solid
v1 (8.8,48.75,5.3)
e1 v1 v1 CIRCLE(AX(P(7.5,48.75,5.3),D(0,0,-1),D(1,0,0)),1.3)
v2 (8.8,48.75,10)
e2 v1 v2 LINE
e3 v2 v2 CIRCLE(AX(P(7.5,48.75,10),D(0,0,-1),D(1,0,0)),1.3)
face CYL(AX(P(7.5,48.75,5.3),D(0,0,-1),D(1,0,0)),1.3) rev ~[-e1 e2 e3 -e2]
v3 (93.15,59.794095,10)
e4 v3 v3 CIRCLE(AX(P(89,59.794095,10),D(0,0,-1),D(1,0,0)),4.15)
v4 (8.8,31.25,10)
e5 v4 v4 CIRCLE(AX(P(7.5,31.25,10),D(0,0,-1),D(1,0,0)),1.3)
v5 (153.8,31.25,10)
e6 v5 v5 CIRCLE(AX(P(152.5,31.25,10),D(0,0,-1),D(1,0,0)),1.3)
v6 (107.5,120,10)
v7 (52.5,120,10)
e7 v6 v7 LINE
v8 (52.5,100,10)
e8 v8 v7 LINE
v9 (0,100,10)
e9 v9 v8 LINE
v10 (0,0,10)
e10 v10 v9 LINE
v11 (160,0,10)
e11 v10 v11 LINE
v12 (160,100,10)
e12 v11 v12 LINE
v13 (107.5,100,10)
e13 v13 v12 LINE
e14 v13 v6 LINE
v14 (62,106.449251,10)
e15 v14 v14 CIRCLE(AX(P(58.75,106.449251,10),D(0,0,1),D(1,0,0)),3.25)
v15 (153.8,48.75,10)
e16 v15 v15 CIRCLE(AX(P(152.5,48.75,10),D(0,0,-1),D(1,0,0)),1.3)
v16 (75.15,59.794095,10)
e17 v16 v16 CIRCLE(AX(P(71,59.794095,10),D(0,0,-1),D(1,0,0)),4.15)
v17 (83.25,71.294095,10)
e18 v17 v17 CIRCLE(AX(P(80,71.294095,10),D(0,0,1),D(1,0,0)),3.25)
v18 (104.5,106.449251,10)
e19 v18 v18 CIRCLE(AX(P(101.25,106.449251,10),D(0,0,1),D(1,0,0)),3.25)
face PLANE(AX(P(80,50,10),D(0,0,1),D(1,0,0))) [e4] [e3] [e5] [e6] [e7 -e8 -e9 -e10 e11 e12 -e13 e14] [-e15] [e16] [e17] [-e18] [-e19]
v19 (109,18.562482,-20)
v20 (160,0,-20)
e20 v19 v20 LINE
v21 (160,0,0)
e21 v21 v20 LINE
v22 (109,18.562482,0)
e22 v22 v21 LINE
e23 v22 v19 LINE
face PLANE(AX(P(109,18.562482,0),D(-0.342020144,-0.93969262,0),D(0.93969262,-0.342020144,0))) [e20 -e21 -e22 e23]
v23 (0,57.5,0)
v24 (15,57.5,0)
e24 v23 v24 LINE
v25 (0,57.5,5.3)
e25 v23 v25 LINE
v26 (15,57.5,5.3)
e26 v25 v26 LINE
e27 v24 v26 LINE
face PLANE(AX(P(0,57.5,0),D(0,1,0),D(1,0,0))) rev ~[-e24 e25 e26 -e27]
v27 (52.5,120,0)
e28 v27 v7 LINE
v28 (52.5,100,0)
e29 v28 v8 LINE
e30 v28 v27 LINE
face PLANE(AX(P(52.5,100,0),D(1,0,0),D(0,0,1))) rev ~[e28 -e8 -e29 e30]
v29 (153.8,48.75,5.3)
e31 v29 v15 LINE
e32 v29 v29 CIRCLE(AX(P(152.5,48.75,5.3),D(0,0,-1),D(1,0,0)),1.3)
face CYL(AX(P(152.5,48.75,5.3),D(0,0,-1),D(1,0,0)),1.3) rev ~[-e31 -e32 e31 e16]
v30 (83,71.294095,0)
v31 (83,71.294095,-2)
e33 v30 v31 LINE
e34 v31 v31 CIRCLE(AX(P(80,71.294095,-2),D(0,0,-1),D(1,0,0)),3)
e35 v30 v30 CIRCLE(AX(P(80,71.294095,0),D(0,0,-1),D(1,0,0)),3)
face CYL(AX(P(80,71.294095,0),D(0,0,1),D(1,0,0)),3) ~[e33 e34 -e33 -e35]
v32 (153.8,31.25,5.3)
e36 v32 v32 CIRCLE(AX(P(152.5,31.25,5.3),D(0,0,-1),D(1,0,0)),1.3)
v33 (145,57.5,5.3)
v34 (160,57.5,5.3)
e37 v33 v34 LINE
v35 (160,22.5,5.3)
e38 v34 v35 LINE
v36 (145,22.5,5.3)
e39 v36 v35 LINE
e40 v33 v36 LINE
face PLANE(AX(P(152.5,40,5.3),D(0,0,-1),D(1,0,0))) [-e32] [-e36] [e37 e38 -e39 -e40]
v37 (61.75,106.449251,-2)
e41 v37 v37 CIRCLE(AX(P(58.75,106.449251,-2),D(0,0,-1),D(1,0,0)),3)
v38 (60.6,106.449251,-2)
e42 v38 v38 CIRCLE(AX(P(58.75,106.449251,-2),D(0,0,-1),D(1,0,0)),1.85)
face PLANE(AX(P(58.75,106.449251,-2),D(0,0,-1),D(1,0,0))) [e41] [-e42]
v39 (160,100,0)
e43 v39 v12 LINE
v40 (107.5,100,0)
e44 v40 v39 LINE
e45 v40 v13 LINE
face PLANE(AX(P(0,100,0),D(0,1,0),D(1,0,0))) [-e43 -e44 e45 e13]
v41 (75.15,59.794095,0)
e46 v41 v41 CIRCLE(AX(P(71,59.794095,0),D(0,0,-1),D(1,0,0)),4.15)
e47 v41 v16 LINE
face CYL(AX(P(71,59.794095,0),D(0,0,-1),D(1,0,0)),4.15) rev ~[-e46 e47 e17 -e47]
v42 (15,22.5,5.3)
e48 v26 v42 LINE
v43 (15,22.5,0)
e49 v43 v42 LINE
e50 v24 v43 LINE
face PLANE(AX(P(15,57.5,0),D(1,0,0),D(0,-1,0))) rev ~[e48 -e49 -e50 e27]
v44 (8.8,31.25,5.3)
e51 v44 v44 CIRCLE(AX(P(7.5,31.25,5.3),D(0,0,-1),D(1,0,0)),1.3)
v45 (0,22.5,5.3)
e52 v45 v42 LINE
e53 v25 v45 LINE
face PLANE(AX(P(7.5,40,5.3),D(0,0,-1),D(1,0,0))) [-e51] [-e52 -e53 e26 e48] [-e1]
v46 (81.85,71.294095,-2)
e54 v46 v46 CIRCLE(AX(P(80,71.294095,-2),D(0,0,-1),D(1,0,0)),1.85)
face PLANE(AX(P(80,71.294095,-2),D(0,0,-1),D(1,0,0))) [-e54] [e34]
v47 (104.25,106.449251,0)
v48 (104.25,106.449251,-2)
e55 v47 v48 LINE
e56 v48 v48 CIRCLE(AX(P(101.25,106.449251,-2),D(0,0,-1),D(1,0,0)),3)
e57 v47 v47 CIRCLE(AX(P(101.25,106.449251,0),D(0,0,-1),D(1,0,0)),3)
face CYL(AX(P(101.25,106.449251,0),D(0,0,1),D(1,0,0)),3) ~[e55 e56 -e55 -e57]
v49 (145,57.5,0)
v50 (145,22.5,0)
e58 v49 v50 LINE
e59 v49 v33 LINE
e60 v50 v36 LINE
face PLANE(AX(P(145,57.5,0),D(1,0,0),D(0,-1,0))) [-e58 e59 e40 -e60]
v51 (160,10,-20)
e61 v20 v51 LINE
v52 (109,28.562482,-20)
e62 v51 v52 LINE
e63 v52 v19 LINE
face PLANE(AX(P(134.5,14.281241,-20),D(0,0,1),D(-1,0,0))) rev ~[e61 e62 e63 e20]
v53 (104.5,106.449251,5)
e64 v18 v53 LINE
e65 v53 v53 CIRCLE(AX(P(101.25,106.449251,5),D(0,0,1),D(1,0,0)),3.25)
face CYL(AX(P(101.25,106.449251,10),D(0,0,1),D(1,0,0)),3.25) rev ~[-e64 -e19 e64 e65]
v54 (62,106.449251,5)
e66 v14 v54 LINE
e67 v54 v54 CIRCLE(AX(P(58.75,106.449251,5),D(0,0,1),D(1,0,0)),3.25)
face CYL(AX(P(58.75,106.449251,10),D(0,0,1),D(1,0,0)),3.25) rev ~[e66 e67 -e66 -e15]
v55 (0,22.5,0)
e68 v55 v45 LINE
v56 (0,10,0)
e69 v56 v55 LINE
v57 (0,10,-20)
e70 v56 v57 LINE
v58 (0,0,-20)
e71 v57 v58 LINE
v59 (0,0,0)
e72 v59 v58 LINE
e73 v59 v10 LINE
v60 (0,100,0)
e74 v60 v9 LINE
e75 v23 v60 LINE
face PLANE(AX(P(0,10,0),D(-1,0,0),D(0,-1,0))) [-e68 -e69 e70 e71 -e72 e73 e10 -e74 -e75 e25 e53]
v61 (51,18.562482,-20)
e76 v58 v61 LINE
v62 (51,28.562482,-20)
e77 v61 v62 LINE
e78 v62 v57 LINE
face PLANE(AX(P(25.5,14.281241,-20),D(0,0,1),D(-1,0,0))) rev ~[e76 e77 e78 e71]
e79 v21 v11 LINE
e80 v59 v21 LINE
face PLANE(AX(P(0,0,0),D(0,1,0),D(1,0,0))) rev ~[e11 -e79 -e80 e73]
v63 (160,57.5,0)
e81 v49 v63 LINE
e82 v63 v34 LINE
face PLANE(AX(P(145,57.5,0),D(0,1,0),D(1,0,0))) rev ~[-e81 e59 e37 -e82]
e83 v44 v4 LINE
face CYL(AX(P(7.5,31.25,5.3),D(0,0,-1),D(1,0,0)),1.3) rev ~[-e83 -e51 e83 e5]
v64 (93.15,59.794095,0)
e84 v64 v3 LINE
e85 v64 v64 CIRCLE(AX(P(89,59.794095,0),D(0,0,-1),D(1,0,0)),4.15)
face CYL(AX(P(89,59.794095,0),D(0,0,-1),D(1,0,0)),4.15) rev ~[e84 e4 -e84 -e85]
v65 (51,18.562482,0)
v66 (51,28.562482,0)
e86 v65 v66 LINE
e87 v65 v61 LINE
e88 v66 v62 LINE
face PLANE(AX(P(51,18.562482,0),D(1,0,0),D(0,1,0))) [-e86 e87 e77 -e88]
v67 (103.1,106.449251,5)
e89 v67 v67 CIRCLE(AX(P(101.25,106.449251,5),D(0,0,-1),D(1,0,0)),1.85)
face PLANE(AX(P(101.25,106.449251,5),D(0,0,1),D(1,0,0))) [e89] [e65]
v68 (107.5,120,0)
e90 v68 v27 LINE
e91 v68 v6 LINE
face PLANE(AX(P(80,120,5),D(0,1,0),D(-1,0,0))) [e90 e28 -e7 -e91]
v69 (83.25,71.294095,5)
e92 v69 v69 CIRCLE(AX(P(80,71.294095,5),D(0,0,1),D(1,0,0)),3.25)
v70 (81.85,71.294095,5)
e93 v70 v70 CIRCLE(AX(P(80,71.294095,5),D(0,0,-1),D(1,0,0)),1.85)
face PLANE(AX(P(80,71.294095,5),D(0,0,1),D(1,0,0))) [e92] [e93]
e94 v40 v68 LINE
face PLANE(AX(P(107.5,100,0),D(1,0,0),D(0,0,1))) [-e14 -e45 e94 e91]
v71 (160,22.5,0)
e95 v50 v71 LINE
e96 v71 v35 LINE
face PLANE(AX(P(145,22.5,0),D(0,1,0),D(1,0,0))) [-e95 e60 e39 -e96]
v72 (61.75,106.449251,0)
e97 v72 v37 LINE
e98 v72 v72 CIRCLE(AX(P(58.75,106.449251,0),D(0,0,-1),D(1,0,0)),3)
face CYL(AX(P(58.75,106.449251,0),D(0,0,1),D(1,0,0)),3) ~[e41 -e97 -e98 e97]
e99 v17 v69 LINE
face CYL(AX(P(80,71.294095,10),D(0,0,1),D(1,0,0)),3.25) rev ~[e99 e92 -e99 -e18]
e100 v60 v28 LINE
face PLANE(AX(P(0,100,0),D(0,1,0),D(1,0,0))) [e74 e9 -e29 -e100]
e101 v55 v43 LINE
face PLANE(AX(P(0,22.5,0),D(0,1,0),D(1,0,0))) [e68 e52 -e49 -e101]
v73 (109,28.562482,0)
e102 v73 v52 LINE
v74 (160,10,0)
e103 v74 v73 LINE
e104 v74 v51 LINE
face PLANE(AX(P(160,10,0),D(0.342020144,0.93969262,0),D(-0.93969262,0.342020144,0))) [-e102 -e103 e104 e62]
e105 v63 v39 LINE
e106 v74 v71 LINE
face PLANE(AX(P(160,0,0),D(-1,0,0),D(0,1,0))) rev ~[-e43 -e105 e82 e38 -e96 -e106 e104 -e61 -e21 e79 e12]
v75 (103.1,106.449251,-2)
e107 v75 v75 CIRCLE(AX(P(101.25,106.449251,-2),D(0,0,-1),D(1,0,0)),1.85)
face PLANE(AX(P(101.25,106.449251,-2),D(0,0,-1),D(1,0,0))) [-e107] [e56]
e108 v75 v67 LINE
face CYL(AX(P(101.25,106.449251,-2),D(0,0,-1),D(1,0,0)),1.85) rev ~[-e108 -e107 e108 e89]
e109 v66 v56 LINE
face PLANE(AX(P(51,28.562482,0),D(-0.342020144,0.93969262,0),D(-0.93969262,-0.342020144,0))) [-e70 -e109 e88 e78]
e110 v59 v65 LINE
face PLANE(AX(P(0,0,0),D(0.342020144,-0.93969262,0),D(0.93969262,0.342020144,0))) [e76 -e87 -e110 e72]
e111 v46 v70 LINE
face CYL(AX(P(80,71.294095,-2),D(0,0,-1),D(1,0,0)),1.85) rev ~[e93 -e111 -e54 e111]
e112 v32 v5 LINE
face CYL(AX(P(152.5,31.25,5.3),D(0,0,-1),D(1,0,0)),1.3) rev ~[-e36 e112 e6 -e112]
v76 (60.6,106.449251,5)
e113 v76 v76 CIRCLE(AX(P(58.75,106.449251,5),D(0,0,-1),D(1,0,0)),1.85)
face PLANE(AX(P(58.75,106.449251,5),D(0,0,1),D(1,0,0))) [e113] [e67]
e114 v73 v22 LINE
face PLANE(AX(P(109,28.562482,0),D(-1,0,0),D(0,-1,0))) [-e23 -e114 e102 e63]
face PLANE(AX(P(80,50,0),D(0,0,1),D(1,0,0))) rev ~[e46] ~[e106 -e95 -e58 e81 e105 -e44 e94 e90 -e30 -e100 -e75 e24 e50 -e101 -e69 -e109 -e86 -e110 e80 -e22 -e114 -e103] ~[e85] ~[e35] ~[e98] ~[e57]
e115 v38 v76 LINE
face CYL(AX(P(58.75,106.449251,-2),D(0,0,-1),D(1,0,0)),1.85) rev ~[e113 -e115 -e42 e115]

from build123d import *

# Parameters (mm, degrees)
SKETCH_W        = 160
SKETCH_H        = 100
PAD_DEPTH       = 10
PAD008_DEPTH    = 20
SKETCH029_R     = 4.15
POCKET017_DEPTH = 10
SKETCH031_W     = 55
SKETCH031_H     = 10
PAD010_DEPTH    = 20
SKETCH032_R     = 3
PAD011_DEPTH    = 2
SKETCH033_R     = 1.85
POCKET018_DEPTH = 12.001
SKETCH034_R     = 3.25
POCKET019_DEPTH = 5
SKETCH035_W     = 15
SKETCH035_H     = 35
POCKET020_DEPTH = 5.3
SKETCH036_R     = 1.3
POCKET021_DEPTH = 4.701


with BuildPart() as part:
    # Sketch → Pad (new body)
    with BuildSketch(Plane.XY):
        with Locations((80, 50)):
            Rectangle(SKETCH_W, SKETCH_H)
    extrude(amount=PAD_DEPTH)

    # Sketch001 (on Face5 of Pad) → Pad008 (join)
    with BuildSketch(Plane(origin=(0, 0, 0), x_dir=(1, 0, 0), z_dir=(0, 0, -1))):
        Polygon((0, -10), (0, 0), (51, -18.562482), (51, -28.562482), align=None)
        Polygon((160, 0), (160, -10), (109, -28.562482), (109, -18.562482), align=None)
    extrude(amount=PAD008_DEPTH)

    # Sketch029 (on Face2 of Pad008) → Pocket017 (cut)
    with BuildSketch(Plane(origin=(0, 0, 0), x_dir=(1, 0, 0), z_dir=(0, 0, -1))):
        with Locations((71, -59.794095)):
            Circle(SKETCH029_R)
        with Locations((89, -59.794095)):
            Circle(SKETCH029_R)
    extrude(amount=-POCKET017_DEPTH, mode=Mode.SUBTRACT)

    # Sketch031 (on Face6 of Pocket017) → Pad010 (join)
    with BuildSketch(Plane(origin=(0, 100, 0), x_dir=(-1, 0, 0), z_dir=(0, 1, 0))):
        with Locations((-80, 5)):
            Rectangle(SKETCH031_W, SKETCH031_H)
    extrude(amount=PAD010_DEPTH)

    # Sketch032 (on Face17 of Pad010) → Pad011 (join)
    with BuildSketch(Plane(origin=(0, 0, 0), x_dir=(1, 0, 0), z_dir=(0, 0, -1))):
        with Locations((80, -71.294095)):
            Circle(SKETCH032_R)
        with Locations((101.25, -106.449251)):
            Circle(SKETCH032_R)
        with Locations((58.75, -106.449251)):
            Circle(SKETCH032_R)
    extrude(amount=PAD011_DEPTH)

    # Sketch033 (on Face26 of Pad011) → Pocket018 (cut, through all)
    with BuildSketch(Plane(origin=(0, 0, -2), x_dir=(1, 0, 0), z_dir=(0, 0, -1))):
        with Locations((58.75, -106.449251)):
            Circle(SKETCH033_R)
        with Locations((101.25, -106.449251)):
            Circle(SKETCH033_R)
        with Locations((80, -71.294095)):
            Circle(SKETCH033_R)
    extrude(amount=-POCKET018_DEPTH, mode=Mode.SUBTRACT)

    # Sketch034 (on Face5 of Pocket018) → Pocket019 (cut)
    with BuildSketch(Plane.XY.offset(10)):
        with Locations((58.75, 106.449251)):
            Circle(SKETCH034_R)
        with Locations((101.25, 106.449251)):
            Circle(SKETCH034_R)
        with Locations((80, 71.294095)):
            Circle(SKETCH034_R)
    extrude(amount=-POCKET019_DEPTH, mode=Mode.SUBTRACT)

    # Sketch035 (on Face4 of Pocket019) → Pocket020 (cut)
    with BuildSketch(Plane(origin=(0, 0, 0), x_dir=(1, 0, 0), z_dir=(0, 0, -1))):
        with Locations((152.5, -40)):
            Rectangle(SKETCH035_W, SKETCH035_H)
        with Locations((7.5, -40)):
            Rectangle(SKETCH035_W, SKETCH035_H)
    extrude(amount=-POCKET020_DEPTH, mode=Mode.SUBTRACT)

    # Sketch036 (on Face15 of Pocket020) → Pocket021 (cut, through all)
    with BuildSketch(Plane(origin=(0, 0, 5.3), x_dir=(1, 0, 0), z_dir=(0, 0, -1))):
        with Locations((152.5, -31.25)):
            Circle(SKETCH036_R)
        with Locations((152.5, -48.75)):
            Circle(SKETCH036_R)
        with Locations((7.5, -31.25)):
            Circle(SKETCH036_R)
        with Locations((7.5, -48.75)):
            Circle(SKETCH036_R)
    extrude(amount=-POCKET021_DEPTH, mode=Mode.SUBTRACT)


solid = part.part
